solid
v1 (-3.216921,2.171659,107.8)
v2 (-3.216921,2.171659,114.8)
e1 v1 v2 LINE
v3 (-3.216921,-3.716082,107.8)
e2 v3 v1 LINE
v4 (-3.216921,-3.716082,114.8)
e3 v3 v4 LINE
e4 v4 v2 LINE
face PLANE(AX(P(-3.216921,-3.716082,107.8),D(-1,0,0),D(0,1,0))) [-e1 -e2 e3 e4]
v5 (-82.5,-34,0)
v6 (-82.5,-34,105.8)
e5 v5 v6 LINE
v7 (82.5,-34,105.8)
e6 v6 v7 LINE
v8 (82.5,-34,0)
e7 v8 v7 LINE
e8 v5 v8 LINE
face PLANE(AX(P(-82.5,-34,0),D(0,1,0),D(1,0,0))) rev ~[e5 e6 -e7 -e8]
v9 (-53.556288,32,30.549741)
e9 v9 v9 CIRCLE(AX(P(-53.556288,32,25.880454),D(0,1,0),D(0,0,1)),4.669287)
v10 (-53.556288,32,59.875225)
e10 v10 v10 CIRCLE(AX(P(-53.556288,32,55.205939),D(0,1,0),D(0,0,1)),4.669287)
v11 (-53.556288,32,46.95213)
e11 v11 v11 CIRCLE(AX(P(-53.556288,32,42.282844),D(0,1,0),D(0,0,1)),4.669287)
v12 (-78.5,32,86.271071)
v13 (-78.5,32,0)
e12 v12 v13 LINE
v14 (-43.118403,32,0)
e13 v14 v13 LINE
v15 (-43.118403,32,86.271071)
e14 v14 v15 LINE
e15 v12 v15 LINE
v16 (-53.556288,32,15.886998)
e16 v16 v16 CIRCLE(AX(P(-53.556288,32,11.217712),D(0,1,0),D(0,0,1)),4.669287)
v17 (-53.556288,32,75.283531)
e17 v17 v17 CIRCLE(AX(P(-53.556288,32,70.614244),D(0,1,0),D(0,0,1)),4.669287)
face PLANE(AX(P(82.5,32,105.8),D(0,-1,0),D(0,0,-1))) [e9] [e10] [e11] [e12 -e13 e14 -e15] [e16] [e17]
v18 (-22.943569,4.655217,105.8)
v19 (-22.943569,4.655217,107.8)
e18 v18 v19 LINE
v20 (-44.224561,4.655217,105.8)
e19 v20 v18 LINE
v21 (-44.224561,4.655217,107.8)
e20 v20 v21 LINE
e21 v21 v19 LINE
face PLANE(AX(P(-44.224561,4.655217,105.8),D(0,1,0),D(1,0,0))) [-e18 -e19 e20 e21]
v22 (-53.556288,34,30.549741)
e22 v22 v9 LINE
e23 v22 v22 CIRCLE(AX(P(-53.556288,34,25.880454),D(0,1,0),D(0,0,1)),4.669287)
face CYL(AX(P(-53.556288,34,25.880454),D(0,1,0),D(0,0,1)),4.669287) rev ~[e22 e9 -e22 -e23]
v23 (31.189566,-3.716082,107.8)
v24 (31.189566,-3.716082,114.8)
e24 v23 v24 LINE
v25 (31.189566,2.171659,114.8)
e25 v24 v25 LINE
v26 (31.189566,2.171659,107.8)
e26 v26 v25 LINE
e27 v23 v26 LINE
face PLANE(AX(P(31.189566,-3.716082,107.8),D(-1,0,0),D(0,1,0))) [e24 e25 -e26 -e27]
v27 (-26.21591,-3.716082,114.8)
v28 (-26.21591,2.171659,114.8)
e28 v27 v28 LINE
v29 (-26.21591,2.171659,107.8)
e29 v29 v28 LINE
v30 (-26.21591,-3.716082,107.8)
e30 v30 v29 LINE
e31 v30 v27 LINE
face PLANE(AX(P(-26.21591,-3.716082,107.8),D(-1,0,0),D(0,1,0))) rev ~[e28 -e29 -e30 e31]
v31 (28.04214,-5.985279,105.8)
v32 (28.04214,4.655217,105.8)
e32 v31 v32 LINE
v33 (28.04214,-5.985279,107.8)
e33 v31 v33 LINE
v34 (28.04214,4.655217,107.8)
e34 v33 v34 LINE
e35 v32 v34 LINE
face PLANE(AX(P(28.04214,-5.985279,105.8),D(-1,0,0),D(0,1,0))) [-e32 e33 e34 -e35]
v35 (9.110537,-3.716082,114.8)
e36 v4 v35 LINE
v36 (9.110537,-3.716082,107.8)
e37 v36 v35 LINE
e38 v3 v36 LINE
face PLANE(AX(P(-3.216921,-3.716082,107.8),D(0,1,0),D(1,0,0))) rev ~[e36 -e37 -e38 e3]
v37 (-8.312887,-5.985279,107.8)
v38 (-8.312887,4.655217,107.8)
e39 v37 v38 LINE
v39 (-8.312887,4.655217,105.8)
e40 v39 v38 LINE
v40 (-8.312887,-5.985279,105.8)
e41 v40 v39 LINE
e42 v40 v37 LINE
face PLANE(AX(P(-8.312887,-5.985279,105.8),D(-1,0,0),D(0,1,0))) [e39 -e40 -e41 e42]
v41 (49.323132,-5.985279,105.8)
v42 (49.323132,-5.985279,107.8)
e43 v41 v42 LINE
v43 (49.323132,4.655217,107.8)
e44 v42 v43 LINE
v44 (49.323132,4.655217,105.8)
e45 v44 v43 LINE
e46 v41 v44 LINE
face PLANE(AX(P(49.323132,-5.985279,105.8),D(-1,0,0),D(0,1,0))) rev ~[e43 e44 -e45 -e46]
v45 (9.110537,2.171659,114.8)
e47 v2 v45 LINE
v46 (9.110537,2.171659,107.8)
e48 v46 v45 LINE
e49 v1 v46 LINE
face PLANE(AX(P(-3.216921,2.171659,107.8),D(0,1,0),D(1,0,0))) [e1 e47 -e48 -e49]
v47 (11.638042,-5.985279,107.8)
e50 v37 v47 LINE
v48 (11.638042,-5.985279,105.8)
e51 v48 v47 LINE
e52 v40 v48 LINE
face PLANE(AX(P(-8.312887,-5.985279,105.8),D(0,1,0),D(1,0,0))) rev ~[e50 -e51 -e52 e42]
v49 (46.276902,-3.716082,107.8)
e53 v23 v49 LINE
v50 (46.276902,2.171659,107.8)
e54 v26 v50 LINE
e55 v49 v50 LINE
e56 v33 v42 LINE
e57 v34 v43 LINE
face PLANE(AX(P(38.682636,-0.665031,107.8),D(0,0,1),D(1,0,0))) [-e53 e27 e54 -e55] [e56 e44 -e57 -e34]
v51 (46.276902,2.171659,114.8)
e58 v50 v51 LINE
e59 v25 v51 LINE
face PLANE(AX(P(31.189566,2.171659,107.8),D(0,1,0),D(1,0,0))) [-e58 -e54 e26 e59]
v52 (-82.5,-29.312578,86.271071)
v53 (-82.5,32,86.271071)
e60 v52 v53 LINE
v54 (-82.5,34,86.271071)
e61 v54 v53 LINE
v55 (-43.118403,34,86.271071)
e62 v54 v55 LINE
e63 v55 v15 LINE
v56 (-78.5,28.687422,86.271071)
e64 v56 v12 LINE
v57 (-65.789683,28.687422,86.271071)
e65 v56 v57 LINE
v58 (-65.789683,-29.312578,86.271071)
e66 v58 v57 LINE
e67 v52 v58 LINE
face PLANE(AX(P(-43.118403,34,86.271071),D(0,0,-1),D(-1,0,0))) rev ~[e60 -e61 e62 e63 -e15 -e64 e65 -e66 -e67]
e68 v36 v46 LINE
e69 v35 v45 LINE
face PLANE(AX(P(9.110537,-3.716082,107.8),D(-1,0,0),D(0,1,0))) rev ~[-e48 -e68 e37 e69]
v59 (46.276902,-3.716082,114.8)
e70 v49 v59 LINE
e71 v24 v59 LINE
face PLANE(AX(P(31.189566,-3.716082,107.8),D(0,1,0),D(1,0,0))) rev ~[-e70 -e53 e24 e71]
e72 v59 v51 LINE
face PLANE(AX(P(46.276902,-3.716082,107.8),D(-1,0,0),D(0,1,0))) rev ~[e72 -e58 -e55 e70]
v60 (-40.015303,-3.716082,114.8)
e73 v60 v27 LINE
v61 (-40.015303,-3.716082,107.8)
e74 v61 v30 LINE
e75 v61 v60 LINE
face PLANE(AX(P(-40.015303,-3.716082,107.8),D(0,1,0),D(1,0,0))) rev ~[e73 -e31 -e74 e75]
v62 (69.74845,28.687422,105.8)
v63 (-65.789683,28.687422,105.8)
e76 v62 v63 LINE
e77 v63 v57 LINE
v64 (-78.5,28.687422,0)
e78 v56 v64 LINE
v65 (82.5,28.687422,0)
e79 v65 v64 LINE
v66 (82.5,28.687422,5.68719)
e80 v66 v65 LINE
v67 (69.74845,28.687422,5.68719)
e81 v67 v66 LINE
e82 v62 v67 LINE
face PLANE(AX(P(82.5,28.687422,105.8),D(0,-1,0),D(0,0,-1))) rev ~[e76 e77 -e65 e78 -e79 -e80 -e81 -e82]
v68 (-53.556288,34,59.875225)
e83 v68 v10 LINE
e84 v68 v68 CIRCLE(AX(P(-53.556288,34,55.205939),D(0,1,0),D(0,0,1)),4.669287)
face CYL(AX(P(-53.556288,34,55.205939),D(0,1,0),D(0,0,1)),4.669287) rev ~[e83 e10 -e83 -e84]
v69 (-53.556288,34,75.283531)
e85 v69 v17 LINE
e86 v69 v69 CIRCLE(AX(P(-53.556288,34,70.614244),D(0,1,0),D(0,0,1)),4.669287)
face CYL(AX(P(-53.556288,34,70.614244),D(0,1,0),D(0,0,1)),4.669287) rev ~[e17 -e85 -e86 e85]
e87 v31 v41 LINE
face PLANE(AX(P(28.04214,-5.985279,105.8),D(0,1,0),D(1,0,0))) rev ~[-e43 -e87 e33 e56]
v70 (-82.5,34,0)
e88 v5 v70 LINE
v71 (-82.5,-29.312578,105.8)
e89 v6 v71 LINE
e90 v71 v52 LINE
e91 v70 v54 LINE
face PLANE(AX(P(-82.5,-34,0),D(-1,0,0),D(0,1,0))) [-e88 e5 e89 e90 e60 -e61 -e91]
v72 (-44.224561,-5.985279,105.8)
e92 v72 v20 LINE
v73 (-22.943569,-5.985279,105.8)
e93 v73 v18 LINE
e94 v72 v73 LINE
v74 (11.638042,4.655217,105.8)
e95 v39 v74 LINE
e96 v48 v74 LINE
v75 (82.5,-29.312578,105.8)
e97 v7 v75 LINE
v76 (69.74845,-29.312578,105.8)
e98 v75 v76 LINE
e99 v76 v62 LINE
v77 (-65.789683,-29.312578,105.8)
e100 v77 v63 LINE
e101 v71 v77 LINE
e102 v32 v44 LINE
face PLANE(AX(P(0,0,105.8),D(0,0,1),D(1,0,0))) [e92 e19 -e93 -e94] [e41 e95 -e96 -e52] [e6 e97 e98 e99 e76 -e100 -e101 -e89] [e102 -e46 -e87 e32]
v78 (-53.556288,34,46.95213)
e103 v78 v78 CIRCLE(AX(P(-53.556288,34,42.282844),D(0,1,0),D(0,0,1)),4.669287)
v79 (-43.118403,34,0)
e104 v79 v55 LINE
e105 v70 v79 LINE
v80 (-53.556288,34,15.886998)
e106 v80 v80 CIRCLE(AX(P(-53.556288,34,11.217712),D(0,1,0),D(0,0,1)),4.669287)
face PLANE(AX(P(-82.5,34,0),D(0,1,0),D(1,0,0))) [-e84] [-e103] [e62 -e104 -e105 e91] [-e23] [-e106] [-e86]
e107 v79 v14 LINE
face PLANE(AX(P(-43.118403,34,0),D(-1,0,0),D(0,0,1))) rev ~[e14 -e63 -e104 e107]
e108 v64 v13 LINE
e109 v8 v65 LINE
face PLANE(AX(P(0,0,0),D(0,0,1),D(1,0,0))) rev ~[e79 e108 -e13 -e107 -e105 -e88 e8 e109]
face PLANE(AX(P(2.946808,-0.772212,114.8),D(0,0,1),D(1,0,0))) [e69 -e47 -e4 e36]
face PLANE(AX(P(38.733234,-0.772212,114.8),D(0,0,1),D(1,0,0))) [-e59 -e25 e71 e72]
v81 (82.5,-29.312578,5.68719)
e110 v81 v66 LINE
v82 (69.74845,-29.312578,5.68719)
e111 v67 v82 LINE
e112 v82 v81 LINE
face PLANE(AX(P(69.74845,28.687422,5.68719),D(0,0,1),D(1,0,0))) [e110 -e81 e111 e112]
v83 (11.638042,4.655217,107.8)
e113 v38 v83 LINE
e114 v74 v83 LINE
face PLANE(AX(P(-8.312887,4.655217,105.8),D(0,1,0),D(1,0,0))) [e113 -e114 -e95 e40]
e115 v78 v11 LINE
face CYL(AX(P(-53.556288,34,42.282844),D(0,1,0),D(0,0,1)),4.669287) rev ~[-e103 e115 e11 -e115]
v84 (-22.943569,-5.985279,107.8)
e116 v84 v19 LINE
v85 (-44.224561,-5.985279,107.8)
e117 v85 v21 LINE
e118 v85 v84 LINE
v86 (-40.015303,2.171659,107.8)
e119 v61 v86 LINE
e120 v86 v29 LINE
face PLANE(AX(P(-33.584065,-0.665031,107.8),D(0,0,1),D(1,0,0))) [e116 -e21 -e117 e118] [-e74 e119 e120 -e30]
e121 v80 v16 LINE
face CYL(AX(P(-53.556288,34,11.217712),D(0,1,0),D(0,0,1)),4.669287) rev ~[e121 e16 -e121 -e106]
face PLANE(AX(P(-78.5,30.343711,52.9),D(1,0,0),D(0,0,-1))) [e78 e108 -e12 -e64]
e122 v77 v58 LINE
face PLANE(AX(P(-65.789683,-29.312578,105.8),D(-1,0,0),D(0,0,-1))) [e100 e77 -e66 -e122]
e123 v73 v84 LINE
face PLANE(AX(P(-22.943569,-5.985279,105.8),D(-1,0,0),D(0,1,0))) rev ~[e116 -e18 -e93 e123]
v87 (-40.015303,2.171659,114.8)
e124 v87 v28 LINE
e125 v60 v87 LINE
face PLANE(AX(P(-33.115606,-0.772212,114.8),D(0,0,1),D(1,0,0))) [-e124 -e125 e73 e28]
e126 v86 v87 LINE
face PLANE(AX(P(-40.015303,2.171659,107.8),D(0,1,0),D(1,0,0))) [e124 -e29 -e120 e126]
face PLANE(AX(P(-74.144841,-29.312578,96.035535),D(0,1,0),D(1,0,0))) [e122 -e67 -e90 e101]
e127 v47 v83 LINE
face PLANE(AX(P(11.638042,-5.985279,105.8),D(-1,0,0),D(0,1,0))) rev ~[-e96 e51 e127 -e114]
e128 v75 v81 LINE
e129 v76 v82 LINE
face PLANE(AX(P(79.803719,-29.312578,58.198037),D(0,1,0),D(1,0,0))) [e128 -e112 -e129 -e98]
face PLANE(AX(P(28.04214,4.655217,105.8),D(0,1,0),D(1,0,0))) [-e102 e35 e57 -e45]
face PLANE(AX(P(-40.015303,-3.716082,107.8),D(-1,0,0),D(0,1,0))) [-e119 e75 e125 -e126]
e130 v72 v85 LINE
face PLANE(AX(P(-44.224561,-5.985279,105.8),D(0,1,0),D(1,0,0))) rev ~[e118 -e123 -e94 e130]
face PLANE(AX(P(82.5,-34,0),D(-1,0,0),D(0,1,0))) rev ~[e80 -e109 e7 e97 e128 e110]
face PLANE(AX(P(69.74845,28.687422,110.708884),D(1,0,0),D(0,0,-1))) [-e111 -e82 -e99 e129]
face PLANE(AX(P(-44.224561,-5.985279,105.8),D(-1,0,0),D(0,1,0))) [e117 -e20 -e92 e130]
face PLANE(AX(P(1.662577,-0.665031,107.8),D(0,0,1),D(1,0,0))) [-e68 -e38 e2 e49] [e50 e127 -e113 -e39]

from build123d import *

# Parameters (mm, degrees)
SKETCH_1_W               = 165
SKETCH_1_H               = 68
EXTRUDE_1_DEPTH          = 105.8
SKETCH_2_W               = 39.381596793
SKETCH_2_H               = 19.528929346
SKETCH_2_W_2             = 20.130205532
CUT_EXTRUDE_1_DEPTH      = 2
SKETCH_3_R               = 4.669286721
CUT_EXTRUDE_2_DEPTH      = 2
SKETCH_4_W               = 21.280991735
SKETCH_4_H               = 10.640495868
SKETCH_4_W_2             = 19.950929752
EXTRUDE_2_DEPTH          = 2
SKETCH_5_W               = 13.799393078
SKETCH_5_H               = 5.887741047
SKETCH_5_W_2             = 12.327457817
SKETCH_5_W_3             = 15.087336432
EXTRUDE_3_DEPTH          = 7
SKETCH_6_W               = 105.8
SKETCH_6_H               = 3.312578262
CUT_EXTRUDE_3_DEPTH      = 161
CUT_EXTRUDE_4_DEPTH      = 58
CUT_EXTRUDE_4_DEPTH_BACK = 58
SKETCH_7_W               = 16.710317156
SKETCH_7_H               = 19.528929346
SKETCH_8_W               = 20.11053719
SKETCH_8_H               = 105.021694215
CUT_EXTRUDE_5_DEPTH      = 58


with BuildPart() as part:
    # 草图1 → 凸台-拉伸1 (new body)
    with BuildSketch(Plane.XY):
        Rectangle(SKETCH_1_W, SKETCH_1_H)
    extrude(amount=EXTRUDE_1_DEPTH)

    # 草图2 → 切除-拉伸1 (cut)
    with BuildSketch(Plane(origin=(0, 34, 0), x_dir=(1, 0, 0), z_dir=(0, 1, 0))):
        with Locations((-62.809201604, -96.035535327)):
            Rectangle(SKETCH_2_W, SKETCH_2_H)
        with Locations((-33.053300441, -96.035535327)):
            Rectangle(SKETCH_2_W_2, SKETCH_2_H)
        Polygon((82.5, 0), (-43.118403207, 0), (-43.118403207, -86.271070654), (-22.988197675, -86.271070654), (-22.988197675, -105.8), (82.5, -105.8), align=None)
    extrude(amount=-CUT_EXTRUDE_1_DEPTH, mode=Mode.SUBTRACT)

    # 草图3 → 切除-拉伸2 (cut)
    with BuildSketch(Plane(origin=(0, 34, 0), x_dir=(1, 0, 0), z_dir=(0, 1, 0))):
        with Locations(Location((-53.556287556, -11.217711758, 0), (0, 0, 270))):
            Circle(SKETCH_3_R)
        with Locations(Location((-53.556287556, -25.880454059, 0), (0, 0, 270))):
            Circle(SKETCH_3_R)
        with Locations(Location((-53.556287556, -42.282843752, 0), (0, 0, 270))):
            Circle(SKETCH_3_R)
        with Locations(Location((-53.556287556, -55.205938661, 0), (0, 0, 270))):
            Circle(SKETCH_3_R)
        with Locations(Location((-53.556287556, -70.61424413, 0), (0, 0, 270))):
            Circle(SKETCH_3_R)
    extrude(amount=-CUT_EXTRUDE_2_DEPTH, mode=Mode.SUBTRACT)

    # 草图4 → 凸台-拉伸2 (add)
    with BuildSketch(Plane.XY.offset(105.8)):
        with Locations((-33.584065083, -0.665030992)):
            Rectangle(SKETCH_4_W, SKETCH_4_H)
        with Locations((1.662577479, -0.665030992)):
            Rectangle(SKETCH_4_W_2, SKETCH_4_H)
        with Locations((38.68263602, -0.665030992)):
            Rectangle(SKETCH_4_W, SKETCH_4_H)
    extrude(amount=EXTRUDE_2_DEPTH)

    # 草图5 → 凸台-拉伸3 (add)
    with BuildSketch(Plane.XY.offset(107.8)):
        with Locations((-33.115606168, -0.77221182)):
            Rectangle(SKETCH_5_W, SKETCH_5_H)
        with Locations((2.946807743, -0.77221182)):
            Rectangle(SKETCH_5_W_2, SKETCH_5_H)
        with Locations((38.733233794, -0.77221182)):
            Rectangle(SKETCH_5_W_3, SKETCH_5_H)
    extrude(amount=EXTRUDE_3_DEPTH)

    # 草图6 → 切除-拉伸3 (cut)
    with BuildSketch(Plane(origin=(82.5, 0, 0), x_dir=(0, 0, -1), z_dir=(1, 0, 0))):
        with Locations((-52.9, 30.343710869)):
            Rectangle(SKETCH_6_W, SKETCH_6_H)
    extrude(amount=-CUT_EXTRUDE_3_DEPTH, mode=Mode.SUBTRACT)

    # 草图7 → 切除-拉伸4 (cut, two sides: drawn at the far end of the back side and taken through both)
    with BuildSketch(Plane(origin=(0, 28.687421738, 0), x_dir=(1, 0, 0), z_dir=(0, 1, 0)).offset(-CUT_EXTRUDE_4_DEPTH_BACK)):
        with Locations((-74.144841422, -96.035535327)):
            Rectangle(SKETCH_7_W, SKETCH_7_H)
    extrude(amount=CUT_EXTRUDE_4_DEPTH + CUT_EXTRUDE_4_DEPTH_BACK, mode=Mode.SUBTRACT)

    # 草图8 → 切除-拉伸5 (cut)
    with BuildSketch(Plane(origin=(0, 28.687421738, 0), x_dir=(1, 0, 0), z_dir=(0, 1, 0))):
        with Locations((79.803719008, -58.198037191)):
            Rectangle(SKETCH_8_W, SKETCH_8_H)
    extrude(amount=-CUT_EXTRUDE_5_DEPTH, mode=Mode.SUBTRACT)


solid = part.part
